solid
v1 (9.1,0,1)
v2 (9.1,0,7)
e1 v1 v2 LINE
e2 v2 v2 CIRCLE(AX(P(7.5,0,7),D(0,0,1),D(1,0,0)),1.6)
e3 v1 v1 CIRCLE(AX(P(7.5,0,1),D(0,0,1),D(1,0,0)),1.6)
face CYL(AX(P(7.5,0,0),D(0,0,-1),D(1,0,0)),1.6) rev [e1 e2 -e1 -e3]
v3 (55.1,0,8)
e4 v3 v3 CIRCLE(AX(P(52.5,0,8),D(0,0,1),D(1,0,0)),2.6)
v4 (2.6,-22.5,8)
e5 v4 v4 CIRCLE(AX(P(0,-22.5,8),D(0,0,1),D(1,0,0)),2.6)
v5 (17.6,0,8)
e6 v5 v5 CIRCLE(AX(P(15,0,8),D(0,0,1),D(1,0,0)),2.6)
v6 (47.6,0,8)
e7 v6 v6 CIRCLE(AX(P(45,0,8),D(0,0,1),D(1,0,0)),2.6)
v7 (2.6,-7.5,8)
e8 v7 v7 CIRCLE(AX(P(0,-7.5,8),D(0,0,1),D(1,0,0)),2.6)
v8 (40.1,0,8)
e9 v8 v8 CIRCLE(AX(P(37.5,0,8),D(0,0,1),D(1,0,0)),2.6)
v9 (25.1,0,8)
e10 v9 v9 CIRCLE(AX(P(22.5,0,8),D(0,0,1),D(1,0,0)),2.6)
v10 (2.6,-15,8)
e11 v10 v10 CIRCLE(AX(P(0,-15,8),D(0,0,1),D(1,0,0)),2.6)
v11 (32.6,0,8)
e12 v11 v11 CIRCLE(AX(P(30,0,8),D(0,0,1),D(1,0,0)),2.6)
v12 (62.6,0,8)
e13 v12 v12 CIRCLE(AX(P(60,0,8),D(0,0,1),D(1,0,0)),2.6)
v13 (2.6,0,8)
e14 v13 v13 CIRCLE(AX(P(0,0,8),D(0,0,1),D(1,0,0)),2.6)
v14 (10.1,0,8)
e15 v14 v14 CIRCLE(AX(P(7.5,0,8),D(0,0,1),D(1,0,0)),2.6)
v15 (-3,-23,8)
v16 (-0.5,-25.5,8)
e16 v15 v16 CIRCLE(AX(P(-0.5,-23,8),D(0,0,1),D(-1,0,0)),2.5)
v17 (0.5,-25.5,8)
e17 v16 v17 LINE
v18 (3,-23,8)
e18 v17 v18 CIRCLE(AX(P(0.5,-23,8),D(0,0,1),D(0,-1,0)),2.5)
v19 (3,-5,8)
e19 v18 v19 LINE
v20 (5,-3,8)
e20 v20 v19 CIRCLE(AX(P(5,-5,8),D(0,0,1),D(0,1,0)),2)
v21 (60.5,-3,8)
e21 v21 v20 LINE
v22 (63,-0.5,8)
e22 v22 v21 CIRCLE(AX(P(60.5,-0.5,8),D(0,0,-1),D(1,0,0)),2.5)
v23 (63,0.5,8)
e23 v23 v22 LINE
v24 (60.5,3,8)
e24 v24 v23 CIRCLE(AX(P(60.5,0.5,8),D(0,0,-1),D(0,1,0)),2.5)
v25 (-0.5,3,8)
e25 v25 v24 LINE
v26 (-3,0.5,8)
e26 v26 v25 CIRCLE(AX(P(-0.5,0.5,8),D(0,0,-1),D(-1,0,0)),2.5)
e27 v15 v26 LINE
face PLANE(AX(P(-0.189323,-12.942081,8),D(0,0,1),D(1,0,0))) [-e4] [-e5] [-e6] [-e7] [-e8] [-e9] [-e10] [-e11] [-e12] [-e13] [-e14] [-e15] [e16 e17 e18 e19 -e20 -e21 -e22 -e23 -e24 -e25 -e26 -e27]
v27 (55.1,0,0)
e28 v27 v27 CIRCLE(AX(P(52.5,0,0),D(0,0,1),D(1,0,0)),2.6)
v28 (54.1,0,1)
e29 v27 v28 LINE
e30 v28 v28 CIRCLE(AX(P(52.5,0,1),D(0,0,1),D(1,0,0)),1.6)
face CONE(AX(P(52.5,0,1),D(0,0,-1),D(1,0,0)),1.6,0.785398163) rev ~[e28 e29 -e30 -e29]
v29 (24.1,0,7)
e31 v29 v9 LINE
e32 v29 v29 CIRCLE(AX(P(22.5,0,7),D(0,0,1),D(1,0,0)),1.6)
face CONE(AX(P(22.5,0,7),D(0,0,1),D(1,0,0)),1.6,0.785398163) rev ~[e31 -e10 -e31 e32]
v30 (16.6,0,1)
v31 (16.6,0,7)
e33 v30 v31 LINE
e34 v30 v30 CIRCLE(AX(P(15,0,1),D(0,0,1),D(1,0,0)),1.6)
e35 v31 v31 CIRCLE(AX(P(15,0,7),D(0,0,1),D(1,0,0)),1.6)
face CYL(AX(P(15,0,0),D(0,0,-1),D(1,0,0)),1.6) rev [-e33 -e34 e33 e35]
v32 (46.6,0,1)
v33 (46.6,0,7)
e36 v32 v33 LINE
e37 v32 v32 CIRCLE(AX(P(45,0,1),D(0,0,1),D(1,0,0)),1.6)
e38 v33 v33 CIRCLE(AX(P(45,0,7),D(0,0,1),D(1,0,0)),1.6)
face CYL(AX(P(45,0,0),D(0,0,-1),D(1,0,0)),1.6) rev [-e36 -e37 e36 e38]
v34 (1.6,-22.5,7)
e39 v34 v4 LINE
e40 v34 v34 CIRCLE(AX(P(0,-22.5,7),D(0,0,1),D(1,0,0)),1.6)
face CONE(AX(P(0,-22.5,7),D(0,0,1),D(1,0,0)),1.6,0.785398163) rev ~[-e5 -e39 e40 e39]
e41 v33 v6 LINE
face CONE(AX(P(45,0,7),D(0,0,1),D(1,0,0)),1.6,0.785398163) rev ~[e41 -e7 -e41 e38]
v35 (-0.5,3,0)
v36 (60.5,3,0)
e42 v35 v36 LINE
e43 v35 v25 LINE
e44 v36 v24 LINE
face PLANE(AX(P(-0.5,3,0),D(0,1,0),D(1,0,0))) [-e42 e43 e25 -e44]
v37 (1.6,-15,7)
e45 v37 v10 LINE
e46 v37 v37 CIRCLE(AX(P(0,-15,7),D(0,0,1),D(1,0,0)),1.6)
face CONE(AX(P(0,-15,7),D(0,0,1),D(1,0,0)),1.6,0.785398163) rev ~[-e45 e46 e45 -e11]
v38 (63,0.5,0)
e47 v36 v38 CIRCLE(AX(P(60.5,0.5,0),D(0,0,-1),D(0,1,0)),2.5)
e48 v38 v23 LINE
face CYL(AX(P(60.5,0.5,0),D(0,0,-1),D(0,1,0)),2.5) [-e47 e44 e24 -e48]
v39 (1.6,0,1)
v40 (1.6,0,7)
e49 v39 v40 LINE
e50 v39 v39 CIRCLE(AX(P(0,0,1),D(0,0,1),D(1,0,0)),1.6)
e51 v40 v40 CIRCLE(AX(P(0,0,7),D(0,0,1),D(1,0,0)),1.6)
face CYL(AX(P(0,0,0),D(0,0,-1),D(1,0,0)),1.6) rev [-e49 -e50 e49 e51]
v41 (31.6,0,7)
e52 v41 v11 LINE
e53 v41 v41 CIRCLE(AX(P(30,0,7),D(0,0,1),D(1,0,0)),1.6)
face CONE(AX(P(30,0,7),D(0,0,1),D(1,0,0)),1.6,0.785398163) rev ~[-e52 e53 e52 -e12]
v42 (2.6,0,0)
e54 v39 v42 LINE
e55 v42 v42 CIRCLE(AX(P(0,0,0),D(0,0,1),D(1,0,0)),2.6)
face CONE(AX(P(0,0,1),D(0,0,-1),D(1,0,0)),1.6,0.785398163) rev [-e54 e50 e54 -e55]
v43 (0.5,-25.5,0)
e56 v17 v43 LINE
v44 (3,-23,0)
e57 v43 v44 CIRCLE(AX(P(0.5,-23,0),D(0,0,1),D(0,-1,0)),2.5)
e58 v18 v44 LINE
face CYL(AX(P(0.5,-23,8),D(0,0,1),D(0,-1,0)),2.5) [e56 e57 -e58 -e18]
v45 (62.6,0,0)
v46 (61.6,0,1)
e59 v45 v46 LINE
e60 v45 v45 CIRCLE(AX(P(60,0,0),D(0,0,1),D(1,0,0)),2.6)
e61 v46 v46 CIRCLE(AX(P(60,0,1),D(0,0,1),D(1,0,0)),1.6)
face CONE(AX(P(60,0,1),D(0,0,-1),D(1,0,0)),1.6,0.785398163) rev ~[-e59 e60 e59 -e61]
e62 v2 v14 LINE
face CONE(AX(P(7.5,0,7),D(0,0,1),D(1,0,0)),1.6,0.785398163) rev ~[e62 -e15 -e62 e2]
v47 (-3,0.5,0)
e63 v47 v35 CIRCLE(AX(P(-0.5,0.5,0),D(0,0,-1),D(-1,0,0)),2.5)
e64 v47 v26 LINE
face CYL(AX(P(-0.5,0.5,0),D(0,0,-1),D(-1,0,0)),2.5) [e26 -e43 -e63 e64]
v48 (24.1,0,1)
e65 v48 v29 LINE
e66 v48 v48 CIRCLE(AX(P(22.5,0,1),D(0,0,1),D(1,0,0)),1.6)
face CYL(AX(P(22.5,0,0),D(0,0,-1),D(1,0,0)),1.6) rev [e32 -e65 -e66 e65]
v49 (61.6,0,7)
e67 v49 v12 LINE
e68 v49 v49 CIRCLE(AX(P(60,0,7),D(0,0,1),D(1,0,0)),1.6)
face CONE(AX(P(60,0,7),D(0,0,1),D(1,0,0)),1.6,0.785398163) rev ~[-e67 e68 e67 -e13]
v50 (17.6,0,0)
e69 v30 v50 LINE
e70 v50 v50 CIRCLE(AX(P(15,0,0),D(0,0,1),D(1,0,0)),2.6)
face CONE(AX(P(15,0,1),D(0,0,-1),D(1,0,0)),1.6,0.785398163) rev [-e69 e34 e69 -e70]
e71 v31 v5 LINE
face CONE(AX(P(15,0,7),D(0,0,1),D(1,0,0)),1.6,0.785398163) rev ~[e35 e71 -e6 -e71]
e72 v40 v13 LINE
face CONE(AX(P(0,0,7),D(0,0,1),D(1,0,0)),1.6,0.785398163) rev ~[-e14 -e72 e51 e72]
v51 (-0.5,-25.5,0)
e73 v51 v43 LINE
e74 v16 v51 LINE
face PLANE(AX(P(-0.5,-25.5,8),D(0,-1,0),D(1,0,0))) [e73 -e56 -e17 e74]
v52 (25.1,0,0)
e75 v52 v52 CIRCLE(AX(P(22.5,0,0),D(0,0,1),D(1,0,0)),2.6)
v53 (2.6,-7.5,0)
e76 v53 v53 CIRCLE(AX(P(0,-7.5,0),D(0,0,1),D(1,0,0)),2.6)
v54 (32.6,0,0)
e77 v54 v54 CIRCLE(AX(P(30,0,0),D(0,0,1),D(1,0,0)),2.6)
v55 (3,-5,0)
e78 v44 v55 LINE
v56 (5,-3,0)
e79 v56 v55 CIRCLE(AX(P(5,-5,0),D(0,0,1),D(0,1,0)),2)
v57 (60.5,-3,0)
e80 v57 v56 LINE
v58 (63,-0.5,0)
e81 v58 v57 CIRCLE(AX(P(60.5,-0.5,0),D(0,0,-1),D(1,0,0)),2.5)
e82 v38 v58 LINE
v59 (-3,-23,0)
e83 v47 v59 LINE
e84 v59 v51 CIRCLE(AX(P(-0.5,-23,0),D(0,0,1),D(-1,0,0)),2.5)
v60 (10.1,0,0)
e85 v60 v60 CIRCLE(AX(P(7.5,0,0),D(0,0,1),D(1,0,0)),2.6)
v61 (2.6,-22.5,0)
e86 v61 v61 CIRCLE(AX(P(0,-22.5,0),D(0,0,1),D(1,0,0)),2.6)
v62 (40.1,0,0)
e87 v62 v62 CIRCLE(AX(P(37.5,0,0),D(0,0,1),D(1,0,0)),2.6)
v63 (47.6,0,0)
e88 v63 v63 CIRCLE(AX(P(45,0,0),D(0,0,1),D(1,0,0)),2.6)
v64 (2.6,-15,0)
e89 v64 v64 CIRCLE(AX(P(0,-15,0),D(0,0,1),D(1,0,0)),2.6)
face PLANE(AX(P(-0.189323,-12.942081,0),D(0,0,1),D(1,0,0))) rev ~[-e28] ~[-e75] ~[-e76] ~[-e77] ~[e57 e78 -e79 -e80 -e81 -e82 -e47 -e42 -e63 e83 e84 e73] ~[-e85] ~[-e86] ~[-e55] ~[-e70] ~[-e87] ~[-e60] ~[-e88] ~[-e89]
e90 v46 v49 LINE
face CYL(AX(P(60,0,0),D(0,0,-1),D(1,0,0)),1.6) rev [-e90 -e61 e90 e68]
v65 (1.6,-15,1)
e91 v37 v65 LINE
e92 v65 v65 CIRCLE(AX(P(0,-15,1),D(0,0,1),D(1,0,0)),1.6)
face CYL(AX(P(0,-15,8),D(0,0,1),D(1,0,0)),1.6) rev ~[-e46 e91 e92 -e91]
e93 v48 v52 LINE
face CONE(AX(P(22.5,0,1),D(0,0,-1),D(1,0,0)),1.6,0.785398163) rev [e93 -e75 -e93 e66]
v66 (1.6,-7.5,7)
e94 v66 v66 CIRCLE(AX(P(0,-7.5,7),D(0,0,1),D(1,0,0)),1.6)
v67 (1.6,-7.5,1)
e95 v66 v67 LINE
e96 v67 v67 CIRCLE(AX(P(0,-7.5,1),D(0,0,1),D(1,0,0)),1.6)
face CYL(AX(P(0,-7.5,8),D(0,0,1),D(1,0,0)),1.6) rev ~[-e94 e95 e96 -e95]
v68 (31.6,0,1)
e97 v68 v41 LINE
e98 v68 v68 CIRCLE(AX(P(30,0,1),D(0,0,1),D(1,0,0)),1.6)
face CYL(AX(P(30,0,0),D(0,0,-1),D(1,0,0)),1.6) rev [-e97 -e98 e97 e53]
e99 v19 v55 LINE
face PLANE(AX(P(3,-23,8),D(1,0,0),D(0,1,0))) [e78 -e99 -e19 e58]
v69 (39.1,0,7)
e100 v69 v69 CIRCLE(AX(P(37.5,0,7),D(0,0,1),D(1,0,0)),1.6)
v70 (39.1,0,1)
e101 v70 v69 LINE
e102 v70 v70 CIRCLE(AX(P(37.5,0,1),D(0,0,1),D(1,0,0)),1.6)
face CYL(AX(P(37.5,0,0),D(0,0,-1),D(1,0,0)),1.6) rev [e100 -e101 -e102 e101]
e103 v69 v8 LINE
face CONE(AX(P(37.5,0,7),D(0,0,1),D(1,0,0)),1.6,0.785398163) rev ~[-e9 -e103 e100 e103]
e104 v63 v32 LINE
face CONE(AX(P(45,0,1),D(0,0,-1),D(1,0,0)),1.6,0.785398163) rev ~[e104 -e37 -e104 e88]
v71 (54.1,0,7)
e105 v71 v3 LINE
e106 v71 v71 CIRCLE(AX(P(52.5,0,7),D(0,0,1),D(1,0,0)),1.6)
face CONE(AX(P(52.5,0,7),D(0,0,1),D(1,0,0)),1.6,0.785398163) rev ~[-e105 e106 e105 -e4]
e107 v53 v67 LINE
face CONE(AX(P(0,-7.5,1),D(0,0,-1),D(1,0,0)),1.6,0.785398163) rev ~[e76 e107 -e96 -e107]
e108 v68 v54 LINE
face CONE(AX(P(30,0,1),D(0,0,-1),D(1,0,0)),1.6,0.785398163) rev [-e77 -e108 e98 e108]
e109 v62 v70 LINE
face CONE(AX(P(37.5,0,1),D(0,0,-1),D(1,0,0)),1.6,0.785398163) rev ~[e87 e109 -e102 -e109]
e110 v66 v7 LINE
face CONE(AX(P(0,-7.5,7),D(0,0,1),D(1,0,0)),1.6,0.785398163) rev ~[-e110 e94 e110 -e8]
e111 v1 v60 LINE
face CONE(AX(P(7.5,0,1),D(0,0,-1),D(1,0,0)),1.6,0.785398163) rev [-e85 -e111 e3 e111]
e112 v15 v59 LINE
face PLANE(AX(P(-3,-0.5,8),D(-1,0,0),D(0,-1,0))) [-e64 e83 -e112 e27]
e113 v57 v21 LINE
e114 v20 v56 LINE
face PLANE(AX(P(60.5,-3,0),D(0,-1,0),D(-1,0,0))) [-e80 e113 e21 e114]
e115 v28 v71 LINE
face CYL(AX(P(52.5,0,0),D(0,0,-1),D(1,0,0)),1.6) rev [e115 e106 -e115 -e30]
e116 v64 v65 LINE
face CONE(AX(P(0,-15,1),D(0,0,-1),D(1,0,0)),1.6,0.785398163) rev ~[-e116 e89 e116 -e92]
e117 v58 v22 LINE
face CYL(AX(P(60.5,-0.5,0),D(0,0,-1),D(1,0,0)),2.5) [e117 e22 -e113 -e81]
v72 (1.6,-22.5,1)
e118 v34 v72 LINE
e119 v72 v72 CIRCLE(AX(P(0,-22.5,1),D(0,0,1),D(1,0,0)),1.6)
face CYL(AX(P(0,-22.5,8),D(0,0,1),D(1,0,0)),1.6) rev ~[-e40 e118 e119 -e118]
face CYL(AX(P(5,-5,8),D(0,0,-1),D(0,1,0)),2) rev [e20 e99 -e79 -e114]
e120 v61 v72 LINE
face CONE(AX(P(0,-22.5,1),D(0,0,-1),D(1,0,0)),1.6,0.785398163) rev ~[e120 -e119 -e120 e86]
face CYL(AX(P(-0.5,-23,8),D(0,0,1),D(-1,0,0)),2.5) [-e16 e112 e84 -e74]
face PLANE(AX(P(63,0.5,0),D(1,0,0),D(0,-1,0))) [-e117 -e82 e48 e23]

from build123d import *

# Parameters (mm, degrees)
SKETCH1_R           = 1.6
BOSS_EXTRUDE1_DEPTH = 8
CHAMFER1_SIZE       = 1
SKETCH2_R           = 1.6
BOSS_EXTRUDE3_DEPTH = 8
FILLET1_R           = 2
CHAMFER3_SIZE       = 1
CHAMFER4_SIZE       = 1
CHAMFER5_SIZE       = 1


with BuildPart() as part:
    # Sketch1 → Boss-Extrude1 (new body)
    with BuildSketch(Plane.XY):
        with BuildLine():
            Line((-0.5, 3), (60.5, 3))
            ThreePointArc((60.5, 3), (62.267766953, 2.267766953), (63, 0.5))
            Line((63, 0.5), (63, -0.5))
            ThreePointArc((63, -0.5), (62.267766953, -2.267766953), (60.5, -3))
            Line((60.5, -3), (-0.5, -3))
            ThreePointArc((-0.5, -3), (-2.267766953, -2.267766953), (-3, -0.5))
            Line((-3, -0.5), (-3, 0.5))
            ThreePointArc((-3, 0.5), (-2.267766953, 2.267766953), (-0.5, 3))
        make_face()
        Circle(SKETCH1_R, mode=Mode.SUBTRACT)
        with Locations((7.5, 0)):
            Circle(SKETCH1_R, mode=Mode.SUBTRACT)
        with Locations((15, 0)):
            Circle(SKETCH1_R, mode=Mode.SUBTRACT)
        with Locations((22.5, 0)):
            Circle(SKETCH1_R, mode=Mode.SUBTRACT)
        with Locations((30, 0)):
            Circle(SKETCH1_R, mode=Mode.SUBTRACT)
        with Locations((37.5, 0)):
            Circle(SKETCH1_R, mode=Mode.SUBTRACT)
        with Locations((45, 0)):
            Circle(SKETCH1_R, mode=Mode.SUBTRACT)
        with Locations((52.5, 0)):
            Circle(SKETCH1_R, mode=Mode.SUBTRACT)
        with Locations((60, 0)):
            Circle(SKETCH1_R, mode=Mode.SUBTRACT)
    extrude(amount=BOSS_EXTRUDE1_DEPTH)

    # Chamfer1
    chamfer1_edges = [part.edges().sort_by_distance(p)[0] for p in [
        (-1.6, 0, 0),
        (-1.6, 0, 8),
        (5.9, 0, 0),
        (5.9, 0, 8),
        (13.4, 0, 0),
        (13.4, 0, 8),
        (20.9, 0, 0),
        (20.9, 0, 8),
        (28.4, 0, 0),
        (28.4, 0, 8),
    ]]
    chamfer(chamfer1_edges, length=CHAMFER1_SIZE)

    # Sketch2 → Boss-Extrude3 (add)
    with BuildSketch(Plane.XY.offset(8)):
        with BuildLine():
            ThreePointArc((-0.5, -3), (-2.267766953, -2.267766953), (-3, -0.5))
            Line((-3, -0.5), (-3, -23))
            ThreePointArc((-3, -23), (-2.267766953, -24.767766953), (-0.5, -25.5))
            Line((-0.5, -25.5), (0.5, -25.5))
            ThreePointArc((0.5, -25.5), (2.267766953, -24.767766953), (3, -23))
            Line((3, -23), (3, -3))
            Line((3, -3), (-0.5, -3))
        make_face()
        with Locations((0, -22.5)):
            Circle(SKETCH2_R, mode=Mode.SUBTRACT)
        with Locations((0, -15)):
            Circle(SKETCH2_R, mode=Mode.SUBTRACT)
        with Locations((0, -7.5)):
            Circle(SKETCH2_R, mode=Mode.SUBTRACT)
    extrude(amount=-BOSS_EXTRUDE3_DEPTH)

    # Fillet1
    fillet1_edges = [part.edges().sort_by_distance(p)[0] for p in [
        (3, -3, 4),
    ]]
    fillet(fillet1_edges, radius=FILLET1_R)

    # Chamfer3
    chamfer3_edges = [part.edges().sort_by_distance(p)[0] for p in [
        (35.9, 0, 0),
        (35.9, 0, 8),
        (43.4, 0, 0),
        (43.4, 0, 8),
    ]]
    chamfer(chamfer3_edges, length=CHAMFER3_SIZE)

    # Chamfer4
    chamfer4_edges = [part.edges().sort_by_distance(p)[0] for p in [
        (50.9, 0, 0),
        (50.9, 0, 8),
        (58.4, 0, 0),
        (58.4, 0, 8),
    ]]
    chamfer(chamfer4_edges, length=CHAMFER4_SIZE)

    # Chamfer5
    chamfer5_edges = [part.edges().sort_by_distance(p)[0] for p in [
        (-1.6, -7.5, 8),
        (-1.6, -15, 8),
        (-1.6, -22.5, 8),
        (-1.6, -22.5, 0),
        (-1.6, -15, 0),
        (-1.6, -7.5, 0),
    ]]
    chamfer(chamfer5_edges, length=CHAMFER5_SIZE)


solid = part.part
